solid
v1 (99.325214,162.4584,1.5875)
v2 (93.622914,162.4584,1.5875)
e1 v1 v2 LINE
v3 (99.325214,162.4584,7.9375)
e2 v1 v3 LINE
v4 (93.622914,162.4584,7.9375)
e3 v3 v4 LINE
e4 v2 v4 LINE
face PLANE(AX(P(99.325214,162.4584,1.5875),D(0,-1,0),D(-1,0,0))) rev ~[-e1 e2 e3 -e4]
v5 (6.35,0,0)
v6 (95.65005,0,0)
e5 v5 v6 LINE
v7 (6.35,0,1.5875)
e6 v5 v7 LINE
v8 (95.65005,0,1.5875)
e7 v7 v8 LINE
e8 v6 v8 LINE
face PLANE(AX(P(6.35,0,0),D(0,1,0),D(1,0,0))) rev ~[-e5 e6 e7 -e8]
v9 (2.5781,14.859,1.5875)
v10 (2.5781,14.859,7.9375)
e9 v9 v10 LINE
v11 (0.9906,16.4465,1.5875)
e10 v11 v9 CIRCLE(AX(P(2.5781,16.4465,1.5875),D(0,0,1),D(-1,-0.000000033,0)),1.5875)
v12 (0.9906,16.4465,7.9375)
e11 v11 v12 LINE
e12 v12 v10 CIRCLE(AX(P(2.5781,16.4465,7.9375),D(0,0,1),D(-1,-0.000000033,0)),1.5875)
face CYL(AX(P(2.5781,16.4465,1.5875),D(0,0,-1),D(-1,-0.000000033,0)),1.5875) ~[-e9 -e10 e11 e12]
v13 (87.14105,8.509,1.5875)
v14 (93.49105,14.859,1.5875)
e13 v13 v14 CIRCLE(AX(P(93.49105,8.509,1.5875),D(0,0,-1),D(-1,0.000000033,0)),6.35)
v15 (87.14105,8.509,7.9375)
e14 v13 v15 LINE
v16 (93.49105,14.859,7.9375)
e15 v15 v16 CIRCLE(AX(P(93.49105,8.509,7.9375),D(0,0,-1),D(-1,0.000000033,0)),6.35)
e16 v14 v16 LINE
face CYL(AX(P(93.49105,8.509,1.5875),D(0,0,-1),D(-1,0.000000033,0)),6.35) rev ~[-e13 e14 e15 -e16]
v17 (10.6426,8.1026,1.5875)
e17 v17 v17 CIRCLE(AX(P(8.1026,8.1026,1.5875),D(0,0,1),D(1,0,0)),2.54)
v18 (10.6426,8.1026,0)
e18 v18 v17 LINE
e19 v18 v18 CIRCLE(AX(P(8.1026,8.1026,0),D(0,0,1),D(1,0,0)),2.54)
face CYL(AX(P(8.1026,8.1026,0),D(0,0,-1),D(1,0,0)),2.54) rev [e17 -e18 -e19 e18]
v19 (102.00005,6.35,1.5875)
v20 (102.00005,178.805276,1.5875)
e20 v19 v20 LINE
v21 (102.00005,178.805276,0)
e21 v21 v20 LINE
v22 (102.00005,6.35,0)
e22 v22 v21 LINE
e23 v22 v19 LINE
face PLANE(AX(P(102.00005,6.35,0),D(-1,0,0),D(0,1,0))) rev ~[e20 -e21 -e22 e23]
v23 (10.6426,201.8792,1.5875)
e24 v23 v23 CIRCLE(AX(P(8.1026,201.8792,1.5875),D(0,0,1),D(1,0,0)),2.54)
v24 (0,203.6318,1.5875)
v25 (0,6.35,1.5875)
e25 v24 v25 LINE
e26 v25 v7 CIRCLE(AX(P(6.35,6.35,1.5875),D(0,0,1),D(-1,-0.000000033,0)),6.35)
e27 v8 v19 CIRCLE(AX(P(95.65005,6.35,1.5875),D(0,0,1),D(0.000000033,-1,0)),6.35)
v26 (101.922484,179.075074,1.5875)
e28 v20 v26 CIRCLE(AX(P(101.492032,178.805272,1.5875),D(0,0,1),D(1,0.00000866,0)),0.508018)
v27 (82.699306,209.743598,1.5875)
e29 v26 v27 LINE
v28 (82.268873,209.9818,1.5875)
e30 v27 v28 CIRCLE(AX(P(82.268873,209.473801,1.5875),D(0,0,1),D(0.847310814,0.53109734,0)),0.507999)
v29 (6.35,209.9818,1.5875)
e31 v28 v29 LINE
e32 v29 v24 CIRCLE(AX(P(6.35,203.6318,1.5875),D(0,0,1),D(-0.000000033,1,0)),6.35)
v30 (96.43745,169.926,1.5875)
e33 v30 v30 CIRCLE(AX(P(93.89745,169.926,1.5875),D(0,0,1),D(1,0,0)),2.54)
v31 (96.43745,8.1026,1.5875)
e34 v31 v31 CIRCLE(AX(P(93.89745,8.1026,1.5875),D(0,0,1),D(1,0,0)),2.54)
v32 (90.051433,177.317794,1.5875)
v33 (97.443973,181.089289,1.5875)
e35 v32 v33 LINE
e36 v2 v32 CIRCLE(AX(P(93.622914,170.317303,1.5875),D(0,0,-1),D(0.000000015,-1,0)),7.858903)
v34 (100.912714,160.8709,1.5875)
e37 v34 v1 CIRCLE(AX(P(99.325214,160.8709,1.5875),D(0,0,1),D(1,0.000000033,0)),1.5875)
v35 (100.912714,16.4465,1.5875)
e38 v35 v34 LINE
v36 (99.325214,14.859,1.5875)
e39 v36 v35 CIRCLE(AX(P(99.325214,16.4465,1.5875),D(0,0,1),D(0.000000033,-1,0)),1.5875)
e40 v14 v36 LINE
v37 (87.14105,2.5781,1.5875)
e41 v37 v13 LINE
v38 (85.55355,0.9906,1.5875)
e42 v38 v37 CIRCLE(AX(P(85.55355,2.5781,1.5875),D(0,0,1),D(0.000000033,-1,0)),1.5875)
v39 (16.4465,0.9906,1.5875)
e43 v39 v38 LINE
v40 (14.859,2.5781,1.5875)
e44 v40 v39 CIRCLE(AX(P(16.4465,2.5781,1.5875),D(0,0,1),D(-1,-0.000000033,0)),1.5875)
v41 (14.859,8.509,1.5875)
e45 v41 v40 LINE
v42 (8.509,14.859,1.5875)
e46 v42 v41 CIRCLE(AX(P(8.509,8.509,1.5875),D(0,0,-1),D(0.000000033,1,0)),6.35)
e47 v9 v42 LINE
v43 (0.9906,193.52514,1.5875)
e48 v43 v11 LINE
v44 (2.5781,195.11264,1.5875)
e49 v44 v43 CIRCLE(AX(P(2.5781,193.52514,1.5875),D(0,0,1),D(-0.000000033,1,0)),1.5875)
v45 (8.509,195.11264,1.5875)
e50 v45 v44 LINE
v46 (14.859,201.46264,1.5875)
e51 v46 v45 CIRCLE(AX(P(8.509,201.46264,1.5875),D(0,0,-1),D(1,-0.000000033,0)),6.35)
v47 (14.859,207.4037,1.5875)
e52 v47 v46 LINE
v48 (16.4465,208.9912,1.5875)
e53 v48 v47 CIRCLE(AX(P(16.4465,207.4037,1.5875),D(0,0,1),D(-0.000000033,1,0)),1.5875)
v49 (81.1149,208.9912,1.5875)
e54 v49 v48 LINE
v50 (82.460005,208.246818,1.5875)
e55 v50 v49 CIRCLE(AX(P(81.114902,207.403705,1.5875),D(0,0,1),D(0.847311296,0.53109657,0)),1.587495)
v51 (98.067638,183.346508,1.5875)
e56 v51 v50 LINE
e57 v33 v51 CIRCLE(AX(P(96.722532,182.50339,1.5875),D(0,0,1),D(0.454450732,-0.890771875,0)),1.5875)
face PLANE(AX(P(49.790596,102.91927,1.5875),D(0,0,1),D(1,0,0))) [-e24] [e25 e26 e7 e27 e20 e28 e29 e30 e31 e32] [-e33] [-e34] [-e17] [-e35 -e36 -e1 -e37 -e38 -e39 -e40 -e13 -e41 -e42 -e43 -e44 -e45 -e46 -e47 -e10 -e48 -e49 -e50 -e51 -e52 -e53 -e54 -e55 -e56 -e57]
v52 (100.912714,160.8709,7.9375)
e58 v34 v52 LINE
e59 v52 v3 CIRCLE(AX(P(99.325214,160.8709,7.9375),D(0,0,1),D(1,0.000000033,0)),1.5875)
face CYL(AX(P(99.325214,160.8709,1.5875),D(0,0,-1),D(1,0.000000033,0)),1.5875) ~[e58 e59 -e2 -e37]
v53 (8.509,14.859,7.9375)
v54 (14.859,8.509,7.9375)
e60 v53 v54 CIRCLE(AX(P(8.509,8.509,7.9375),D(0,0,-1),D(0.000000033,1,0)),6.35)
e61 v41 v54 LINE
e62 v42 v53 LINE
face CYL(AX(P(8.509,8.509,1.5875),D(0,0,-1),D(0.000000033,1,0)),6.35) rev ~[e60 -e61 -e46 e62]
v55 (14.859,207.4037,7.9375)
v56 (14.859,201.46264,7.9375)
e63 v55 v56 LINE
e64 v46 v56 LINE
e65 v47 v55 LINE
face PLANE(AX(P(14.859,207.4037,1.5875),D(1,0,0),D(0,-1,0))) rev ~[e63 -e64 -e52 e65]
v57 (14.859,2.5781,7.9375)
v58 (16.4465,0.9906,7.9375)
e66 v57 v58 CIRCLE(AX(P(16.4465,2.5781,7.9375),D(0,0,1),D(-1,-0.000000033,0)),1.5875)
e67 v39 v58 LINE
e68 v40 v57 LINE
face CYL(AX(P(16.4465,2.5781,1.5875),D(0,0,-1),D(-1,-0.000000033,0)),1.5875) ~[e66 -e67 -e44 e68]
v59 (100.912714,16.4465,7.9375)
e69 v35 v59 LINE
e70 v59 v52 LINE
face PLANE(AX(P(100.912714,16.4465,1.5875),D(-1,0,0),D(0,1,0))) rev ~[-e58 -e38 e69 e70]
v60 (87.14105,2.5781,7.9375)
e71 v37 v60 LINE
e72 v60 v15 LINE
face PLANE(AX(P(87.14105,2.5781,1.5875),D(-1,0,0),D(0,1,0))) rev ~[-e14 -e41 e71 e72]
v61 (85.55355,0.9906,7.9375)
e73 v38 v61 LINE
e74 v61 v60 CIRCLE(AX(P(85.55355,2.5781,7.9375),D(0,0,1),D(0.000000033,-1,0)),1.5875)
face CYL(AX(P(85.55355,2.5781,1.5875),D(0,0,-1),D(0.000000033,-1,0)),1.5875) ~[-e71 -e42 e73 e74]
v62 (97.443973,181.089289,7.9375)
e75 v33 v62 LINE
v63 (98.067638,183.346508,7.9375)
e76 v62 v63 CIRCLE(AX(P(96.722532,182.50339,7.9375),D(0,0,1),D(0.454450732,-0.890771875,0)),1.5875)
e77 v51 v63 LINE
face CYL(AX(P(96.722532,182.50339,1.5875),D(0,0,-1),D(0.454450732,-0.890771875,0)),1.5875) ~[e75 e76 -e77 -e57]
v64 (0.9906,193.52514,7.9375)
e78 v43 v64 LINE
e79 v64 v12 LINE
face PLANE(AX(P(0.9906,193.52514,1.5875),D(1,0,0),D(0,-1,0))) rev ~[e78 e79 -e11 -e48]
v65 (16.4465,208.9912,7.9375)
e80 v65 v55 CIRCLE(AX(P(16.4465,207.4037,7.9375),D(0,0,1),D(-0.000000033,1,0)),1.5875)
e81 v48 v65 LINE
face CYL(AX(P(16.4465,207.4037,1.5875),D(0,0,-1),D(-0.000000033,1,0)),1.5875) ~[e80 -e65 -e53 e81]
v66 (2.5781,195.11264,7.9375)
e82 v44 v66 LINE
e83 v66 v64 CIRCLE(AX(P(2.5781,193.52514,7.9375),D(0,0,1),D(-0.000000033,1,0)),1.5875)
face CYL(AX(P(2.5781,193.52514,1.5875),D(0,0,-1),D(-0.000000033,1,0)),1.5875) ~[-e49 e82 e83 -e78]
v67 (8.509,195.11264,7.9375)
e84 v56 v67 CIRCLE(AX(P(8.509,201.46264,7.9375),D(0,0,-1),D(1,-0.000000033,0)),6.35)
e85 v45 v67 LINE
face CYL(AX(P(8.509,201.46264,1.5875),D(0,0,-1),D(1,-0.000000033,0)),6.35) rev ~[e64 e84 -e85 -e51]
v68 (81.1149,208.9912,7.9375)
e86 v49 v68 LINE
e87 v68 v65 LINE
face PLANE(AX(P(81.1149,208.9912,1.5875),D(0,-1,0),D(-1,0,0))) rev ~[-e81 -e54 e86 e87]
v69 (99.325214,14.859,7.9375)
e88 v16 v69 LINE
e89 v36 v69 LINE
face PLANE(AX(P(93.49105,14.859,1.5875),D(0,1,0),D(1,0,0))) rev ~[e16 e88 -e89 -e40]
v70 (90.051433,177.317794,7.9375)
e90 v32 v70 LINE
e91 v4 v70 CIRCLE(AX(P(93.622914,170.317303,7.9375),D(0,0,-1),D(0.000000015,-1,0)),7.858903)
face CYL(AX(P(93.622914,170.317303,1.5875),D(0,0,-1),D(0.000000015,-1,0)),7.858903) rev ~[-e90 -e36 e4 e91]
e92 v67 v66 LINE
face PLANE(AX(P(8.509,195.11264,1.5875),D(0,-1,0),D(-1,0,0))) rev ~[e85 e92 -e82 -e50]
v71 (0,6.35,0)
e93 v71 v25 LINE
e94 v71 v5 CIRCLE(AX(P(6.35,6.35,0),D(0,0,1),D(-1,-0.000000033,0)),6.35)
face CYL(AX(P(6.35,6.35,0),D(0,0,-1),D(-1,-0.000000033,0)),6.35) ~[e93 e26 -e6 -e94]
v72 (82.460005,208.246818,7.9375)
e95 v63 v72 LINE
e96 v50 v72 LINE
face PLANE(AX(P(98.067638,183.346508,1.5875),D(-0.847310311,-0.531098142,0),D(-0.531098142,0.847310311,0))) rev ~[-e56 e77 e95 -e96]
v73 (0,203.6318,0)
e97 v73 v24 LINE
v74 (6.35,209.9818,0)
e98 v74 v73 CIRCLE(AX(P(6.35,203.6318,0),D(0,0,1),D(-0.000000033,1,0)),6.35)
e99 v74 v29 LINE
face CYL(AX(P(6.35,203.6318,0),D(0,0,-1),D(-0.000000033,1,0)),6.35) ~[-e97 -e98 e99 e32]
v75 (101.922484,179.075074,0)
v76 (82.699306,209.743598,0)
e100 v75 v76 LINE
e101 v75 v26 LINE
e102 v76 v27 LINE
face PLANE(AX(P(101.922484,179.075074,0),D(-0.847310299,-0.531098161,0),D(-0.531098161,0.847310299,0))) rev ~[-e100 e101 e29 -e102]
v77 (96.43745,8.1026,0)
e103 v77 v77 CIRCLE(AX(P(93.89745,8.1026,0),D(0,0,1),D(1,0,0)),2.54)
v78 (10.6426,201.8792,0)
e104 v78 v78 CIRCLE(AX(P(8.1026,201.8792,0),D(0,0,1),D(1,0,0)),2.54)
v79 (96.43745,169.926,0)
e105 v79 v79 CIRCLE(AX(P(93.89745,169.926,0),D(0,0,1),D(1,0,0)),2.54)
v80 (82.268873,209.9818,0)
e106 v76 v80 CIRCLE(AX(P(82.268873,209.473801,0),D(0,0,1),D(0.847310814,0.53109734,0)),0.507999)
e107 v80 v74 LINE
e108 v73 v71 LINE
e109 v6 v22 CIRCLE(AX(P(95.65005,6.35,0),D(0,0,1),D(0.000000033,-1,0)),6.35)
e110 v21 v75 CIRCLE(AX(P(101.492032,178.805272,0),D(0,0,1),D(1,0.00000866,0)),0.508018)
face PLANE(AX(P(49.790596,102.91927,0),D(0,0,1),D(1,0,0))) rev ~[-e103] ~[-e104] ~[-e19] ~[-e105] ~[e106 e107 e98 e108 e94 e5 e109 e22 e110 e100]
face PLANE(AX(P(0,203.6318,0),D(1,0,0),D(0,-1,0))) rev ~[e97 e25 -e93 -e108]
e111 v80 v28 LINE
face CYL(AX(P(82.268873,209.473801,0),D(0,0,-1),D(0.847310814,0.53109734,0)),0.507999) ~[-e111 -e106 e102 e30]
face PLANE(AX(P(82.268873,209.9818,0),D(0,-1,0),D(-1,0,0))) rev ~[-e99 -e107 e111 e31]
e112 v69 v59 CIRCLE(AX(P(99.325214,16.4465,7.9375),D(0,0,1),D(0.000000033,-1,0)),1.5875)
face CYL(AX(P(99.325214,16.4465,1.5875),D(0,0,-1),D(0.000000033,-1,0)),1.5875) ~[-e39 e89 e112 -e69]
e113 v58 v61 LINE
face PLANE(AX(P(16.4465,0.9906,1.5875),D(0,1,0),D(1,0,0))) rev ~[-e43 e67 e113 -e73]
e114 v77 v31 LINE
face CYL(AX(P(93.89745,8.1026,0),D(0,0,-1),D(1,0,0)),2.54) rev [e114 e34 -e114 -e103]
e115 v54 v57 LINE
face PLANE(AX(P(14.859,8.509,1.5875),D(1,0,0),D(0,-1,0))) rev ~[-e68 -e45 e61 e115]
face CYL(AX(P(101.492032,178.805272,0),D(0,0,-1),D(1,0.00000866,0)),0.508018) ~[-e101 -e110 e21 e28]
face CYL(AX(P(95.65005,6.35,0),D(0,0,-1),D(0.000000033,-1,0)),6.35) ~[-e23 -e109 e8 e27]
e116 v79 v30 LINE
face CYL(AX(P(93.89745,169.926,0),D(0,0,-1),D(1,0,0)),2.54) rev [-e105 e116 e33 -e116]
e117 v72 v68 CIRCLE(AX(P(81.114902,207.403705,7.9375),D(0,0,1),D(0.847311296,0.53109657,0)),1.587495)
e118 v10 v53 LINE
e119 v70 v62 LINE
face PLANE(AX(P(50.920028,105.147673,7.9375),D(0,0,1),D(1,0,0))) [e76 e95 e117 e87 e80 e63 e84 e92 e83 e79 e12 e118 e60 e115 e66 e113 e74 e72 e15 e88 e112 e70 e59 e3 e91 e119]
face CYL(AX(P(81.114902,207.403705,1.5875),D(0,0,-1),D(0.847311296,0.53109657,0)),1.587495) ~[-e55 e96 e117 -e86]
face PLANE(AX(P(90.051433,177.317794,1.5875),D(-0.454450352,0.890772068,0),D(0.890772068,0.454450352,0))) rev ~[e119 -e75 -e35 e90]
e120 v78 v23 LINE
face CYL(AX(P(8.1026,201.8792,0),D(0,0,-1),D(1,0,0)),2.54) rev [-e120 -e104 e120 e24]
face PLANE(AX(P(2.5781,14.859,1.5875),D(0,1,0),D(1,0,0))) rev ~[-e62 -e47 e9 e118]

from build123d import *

# Parameters (mm, degrees)
F0_R     = 2.54
F1_DEPTH = 1.5875
F3_DEPTH = 6.35


with BuildPart() as f1:
    # F0 (on Top) → F1 (new body)
    with BuildSketch(Plane.XY):
        with BuildLine():
            ThreePointArc((0, 6.35), (1.859872, 1.859872), (6.35, 0))
            Line((6.35, 0), (95.65005, 0))
            ThreePointArc((95.65005, 0), (100.140178, 1.859872), (102.00005, 6.35))
            Line((102.00005, 6.35), (102.00005, 178.805276))
            ThreePointArc((102.00005, 178.805276), (101.980273, 178.945639), (101.922484, 179.075074))
            Line((101.922484, 179.075074), (82.699306, 209.743598))
            ThreePointArc((82.699306, 209.743598), (82.514847, 209.918278), (82.268873, 209.9818))
            Line((82.268873, 209.9818), (6.35, 209.9818))
            ThreePointArc((6.35, 209.9818), (1.859872, 208.121928), (0, 203.6318))
            Line((0, 203.6318), (0, 6.35))
        make_face()
        with Locations((8.1026, 8.1026)):
            Circle(F0_R, mode=Mode.SUBTRACT)
        with Locations((93.89745, 8.1026)):
            Circle(F0_R, mode=Mode.SUBTRACT)
        with Locations((8.1026, 201.8792)):
            Circle(F0_R, mode=Mode.SUBTRACT)
        with Locations((93.89745, 169.926)):
            Circle(F0_R, mode=Mode.SUBTRACT)
    extrude(amount=F1_DEPTH)

    # F2 (on face) → F3 (join)
    with BuildSketch(Plane.XY.offset(1.5875)):
        with BuildLine():
            Line((81.1149, 208.9912), (16.4465, 208.9912))
            ThreePointArc((16.4465, 208.9912), (15.323968, 208.526232), (14.859, 207.4037))
            Line((14.859, 207.4037), (14.859, 201.46264))
            ThreePointArc((14.859, 201.46264), (12.999128, 196.972512), (8.509, 195.11264))
            Line((8.509, 195.11264), (2.5781, 195.11264))
            ThreePointArc((2.5781, 195.11264), (1.455568, 194.647672), (0.9906, 193.52514))
            Line((0.9906, 193.52514), (0.9906, 16.4465))
            ThreePointArc((0.9906, 16.4465), (1.455568, 15.323968), (2.5781, 14.859))
            Line((2.5781, 14.859), (8.509, 14.859))
            ThreePointArc((8.509, 14.859), (12.999128, 12.999128), (14.859, 8.509))
            Line((14.859, 8.509), (14.859, 2.5781))
            ThreePointArc((14.859, 2.5781), (15.323968, 1.455568), (16.4465, 0.9906))
            Line((16.4465, 0.9906), (85.55355, 0.9906))
            ThreePointArc((85.55355, 0.9906), (86.676082, 1.455568), (87.14105, 2.5781))
            Line((87.14105, 2.5781), (87.14105, 8.509))
            ThreePointArc((87.14105, 8.509), (89.000922, 12.999128), (93.49105, 14.859))
            Line((93.49105, 14.859), (99.325214, 14.859))
            ThreePointArc((99.325214, 14.859), (100.447746, 15.323968), (100.912714, 16.4465))
            Line((100.912714, 16.4465), (100.912714, 160.8709))
            ThreePointArc((100.912714, 160.8709), (100.447746, 161.993432), (99.325214, 162.4584))
            Line((99.325214, 162.4584), (93.622914, 162.4584))
            ThreePointArc((93.622914, 162.4584), (85.981627, 168.480706), (90.051433, 177.317794))
            Line((90.051433, 177.317794), (97.443973, 181.089289))
            ThreePointArc((97.443973, 181.089289), (98.2527, 182.080608), (98.067638, 183.346508))
            Line((98.067638, 183.346508), (82.460005, 208.246818))
            ThreePointArc((82.460005, 208.246818), (81.88357, 208.792694), (81.1149, 208.9912))
        make_face()
    extrude(amount=F3_DEPTH)


solid = f1.part
